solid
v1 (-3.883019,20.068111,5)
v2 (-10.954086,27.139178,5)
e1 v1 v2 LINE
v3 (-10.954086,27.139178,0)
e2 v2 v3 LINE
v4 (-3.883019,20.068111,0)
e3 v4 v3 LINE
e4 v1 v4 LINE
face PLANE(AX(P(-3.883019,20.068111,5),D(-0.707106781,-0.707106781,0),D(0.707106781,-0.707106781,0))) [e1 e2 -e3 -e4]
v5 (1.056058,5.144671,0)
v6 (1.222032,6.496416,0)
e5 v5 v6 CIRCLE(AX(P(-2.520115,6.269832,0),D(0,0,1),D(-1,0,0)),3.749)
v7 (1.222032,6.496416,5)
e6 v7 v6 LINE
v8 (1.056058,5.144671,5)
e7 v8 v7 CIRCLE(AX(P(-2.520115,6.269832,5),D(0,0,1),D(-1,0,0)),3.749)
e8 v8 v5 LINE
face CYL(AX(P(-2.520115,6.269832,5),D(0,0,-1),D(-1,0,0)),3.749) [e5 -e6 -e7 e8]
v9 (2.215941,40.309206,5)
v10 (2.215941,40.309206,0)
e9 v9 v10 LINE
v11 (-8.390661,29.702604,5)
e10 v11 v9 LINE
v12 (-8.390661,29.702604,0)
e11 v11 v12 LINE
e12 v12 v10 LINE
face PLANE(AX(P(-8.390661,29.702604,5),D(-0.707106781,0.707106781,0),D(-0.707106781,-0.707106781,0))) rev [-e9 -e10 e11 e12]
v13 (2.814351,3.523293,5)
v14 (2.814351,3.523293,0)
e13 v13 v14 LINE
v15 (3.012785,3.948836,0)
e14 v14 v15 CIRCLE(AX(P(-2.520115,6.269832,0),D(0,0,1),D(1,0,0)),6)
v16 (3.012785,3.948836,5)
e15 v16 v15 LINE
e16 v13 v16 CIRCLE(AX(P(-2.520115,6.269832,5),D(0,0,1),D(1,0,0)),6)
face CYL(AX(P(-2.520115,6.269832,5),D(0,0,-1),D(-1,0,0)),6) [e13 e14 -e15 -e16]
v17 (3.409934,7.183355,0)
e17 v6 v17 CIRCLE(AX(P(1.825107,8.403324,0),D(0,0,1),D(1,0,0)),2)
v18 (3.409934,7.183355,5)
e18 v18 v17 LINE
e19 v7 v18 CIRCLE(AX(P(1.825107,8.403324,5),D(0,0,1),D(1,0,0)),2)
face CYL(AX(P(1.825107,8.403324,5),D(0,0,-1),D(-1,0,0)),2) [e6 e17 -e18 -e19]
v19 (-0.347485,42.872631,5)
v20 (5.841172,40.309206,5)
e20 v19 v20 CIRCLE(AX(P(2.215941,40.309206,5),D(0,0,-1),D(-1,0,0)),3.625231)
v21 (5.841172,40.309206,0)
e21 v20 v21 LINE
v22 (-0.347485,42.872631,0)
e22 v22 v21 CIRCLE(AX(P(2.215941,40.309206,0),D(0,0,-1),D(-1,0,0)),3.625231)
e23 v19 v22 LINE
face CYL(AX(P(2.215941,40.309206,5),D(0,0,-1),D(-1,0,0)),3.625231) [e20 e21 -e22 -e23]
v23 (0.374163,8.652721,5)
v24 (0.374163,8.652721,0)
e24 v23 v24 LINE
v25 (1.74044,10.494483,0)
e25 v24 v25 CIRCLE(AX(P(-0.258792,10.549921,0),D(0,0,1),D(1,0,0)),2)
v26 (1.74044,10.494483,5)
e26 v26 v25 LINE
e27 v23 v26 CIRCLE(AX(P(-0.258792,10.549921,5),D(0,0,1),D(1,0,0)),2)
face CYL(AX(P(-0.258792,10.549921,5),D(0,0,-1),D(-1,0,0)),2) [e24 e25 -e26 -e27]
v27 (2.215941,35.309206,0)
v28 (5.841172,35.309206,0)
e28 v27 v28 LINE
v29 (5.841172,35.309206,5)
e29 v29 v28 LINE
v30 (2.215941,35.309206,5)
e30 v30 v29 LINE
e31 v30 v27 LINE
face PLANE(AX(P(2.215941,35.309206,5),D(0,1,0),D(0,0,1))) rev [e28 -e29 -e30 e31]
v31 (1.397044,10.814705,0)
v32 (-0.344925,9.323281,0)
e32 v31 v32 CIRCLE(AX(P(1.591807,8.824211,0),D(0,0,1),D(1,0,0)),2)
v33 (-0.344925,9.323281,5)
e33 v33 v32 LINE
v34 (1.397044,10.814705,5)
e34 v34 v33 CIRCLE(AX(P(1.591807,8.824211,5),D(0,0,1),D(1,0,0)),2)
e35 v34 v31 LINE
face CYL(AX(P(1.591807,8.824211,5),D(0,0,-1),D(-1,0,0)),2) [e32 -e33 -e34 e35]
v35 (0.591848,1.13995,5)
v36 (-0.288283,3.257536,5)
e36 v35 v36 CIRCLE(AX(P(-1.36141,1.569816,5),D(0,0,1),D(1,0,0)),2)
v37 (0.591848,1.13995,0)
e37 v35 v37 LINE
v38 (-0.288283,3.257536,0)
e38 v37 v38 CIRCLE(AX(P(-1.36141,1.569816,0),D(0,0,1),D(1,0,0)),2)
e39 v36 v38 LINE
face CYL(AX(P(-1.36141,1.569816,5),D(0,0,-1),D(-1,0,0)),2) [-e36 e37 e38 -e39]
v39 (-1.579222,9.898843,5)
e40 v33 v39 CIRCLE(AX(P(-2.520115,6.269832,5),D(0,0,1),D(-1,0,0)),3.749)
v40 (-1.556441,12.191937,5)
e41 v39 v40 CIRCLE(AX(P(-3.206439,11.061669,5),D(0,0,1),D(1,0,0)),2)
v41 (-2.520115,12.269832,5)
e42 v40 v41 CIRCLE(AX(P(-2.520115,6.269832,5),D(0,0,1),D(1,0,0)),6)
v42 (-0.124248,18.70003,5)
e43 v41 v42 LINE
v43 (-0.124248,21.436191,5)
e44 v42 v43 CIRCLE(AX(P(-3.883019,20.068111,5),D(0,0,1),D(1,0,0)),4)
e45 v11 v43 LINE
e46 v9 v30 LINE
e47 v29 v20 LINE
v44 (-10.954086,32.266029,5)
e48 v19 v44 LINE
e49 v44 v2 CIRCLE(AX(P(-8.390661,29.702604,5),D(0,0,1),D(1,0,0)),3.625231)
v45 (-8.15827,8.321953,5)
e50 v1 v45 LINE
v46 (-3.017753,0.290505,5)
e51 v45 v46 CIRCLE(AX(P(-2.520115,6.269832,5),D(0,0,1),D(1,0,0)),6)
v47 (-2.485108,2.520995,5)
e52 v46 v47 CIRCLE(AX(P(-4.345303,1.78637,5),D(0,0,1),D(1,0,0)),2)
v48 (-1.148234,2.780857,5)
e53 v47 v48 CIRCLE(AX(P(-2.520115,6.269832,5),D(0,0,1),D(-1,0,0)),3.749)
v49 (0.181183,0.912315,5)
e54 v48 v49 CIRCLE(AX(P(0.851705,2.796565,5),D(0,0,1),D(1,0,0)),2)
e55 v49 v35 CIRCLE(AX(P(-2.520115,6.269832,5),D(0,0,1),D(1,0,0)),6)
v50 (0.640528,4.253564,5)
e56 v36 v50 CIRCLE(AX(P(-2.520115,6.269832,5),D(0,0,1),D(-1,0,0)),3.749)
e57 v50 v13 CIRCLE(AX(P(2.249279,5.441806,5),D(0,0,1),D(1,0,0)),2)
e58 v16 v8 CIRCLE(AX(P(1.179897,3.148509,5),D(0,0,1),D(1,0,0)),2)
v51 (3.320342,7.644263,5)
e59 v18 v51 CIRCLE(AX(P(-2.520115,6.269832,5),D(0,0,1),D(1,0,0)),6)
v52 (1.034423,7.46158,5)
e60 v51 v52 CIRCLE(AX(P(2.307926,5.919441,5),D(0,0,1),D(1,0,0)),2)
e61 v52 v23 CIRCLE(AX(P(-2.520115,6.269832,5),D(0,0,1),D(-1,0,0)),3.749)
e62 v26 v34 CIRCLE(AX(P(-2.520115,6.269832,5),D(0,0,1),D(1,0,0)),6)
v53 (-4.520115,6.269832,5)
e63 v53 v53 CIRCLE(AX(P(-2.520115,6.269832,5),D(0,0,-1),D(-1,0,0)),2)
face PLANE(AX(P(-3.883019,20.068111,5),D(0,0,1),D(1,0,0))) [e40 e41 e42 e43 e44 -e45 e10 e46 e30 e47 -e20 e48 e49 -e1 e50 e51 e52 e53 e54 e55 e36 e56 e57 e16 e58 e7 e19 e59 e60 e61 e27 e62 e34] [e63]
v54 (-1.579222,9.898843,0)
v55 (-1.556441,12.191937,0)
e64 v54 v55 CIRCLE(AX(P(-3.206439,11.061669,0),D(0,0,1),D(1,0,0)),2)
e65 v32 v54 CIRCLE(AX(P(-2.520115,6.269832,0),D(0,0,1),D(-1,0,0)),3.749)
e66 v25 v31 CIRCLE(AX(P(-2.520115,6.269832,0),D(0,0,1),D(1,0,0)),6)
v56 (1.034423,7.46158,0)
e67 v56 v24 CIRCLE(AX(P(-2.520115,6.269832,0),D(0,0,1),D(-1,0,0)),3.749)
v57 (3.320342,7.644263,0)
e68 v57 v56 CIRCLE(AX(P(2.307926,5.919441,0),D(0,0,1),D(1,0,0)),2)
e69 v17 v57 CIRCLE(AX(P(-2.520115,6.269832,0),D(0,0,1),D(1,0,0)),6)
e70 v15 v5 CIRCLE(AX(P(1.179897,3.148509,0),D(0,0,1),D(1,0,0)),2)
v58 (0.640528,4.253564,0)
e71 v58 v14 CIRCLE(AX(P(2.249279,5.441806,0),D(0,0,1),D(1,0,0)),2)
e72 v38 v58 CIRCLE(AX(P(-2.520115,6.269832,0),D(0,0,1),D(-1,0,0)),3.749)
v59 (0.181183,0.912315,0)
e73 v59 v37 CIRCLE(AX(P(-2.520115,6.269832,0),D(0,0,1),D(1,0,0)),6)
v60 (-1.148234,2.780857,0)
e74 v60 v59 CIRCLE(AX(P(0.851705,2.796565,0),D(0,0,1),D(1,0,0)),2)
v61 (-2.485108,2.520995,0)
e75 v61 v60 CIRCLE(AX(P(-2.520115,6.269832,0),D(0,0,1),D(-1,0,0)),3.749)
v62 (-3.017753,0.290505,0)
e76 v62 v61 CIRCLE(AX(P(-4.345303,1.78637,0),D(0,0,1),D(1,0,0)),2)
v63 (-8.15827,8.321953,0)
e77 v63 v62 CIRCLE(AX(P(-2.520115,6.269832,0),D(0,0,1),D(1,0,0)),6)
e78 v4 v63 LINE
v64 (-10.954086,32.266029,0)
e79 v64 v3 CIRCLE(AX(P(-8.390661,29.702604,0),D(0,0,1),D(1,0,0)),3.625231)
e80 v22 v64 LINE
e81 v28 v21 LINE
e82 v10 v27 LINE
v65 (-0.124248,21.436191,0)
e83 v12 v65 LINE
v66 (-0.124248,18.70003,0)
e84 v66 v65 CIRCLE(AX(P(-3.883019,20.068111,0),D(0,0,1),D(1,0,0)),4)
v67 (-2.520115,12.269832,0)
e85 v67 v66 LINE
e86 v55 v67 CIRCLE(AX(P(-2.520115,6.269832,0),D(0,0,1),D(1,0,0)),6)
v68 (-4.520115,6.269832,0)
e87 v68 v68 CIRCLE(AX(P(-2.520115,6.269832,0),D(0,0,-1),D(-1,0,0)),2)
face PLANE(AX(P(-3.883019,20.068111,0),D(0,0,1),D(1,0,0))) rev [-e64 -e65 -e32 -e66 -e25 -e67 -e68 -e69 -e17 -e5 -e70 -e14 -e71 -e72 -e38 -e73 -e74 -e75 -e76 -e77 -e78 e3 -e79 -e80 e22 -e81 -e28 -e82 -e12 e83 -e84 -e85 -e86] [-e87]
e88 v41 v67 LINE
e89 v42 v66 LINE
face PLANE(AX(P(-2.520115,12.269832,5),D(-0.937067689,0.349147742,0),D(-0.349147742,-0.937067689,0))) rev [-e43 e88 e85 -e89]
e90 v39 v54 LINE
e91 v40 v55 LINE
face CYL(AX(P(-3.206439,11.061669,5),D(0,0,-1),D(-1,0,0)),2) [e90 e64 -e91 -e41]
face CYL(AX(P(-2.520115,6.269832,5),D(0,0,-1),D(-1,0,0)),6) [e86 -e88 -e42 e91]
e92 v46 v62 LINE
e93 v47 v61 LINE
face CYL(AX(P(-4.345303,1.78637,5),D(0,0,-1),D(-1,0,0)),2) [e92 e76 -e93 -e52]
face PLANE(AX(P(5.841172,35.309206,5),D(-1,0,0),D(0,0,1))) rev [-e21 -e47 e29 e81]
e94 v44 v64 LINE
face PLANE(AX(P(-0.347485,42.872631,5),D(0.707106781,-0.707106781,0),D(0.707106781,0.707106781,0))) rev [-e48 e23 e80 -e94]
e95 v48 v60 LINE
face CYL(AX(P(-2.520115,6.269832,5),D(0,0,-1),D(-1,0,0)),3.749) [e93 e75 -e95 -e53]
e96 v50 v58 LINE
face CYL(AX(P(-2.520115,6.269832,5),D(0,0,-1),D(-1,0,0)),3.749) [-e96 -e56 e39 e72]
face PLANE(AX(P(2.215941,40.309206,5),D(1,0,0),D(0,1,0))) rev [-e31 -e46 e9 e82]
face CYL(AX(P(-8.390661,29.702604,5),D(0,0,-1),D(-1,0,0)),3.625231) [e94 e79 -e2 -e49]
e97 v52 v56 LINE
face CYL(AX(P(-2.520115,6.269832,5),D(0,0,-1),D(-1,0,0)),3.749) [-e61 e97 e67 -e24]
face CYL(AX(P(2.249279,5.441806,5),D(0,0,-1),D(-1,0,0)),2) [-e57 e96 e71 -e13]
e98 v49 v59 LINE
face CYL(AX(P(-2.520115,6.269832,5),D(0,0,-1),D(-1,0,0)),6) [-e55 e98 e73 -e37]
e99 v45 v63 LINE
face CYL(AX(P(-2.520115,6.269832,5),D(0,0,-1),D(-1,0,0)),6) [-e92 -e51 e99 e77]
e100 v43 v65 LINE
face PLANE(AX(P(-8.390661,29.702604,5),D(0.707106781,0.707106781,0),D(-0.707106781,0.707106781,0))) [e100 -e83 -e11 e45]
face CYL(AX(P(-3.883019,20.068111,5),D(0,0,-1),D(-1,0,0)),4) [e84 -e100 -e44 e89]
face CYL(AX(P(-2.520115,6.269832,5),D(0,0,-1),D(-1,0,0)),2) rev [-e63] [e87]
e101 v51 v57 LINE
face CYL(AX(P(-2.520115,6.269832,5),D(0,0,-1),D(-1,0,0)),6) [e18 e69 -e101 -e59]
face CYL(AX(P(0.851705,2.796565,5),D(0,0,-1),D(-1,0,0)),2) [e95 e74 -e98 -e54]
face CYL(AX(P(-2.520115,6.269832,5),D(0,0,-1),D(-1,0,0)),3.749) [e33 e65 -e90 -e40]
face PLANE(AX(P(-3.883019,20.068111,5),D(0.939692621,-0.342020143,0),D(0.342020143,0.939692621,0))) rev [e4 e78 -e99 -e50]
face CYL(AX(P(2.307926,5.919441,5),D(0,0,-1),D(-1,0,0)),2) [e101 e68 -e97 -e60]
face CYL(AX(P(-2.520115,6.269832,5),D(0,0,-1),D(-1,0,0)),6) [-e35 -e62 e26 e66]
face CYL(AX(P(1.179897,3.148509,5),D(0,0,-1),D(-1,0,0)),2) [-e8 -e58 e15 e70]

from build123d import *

# Parameters (mm, degrees)
BOSS_EXTRUDE1_DEPTH = 5
CUT_EXTRUDE1_REACH  = 47.822
SKETCH1_4_R         = 2
CUT_EXTRUDE2_DEPTH  = 5
BOSS_EXTRUDE2_DEPTH = 5
SKETCH6_R           = 2
CUT_EXTRUDE3_DEPTH  = 5


with BuildPart() as part:
    # Sketch1 → Boss-Extrude1 (new body)
    with BuildSketch(Plane.XY):
        with BuildLine():
            Line((-2.520114714, 12.269831909), (-0.124248164, 18.700029955))
            ThreePointArc((-0.124248164, 18.700029955), (0.116981353, 20.068110528), (-0.124248164, 21.436191102))
            Line((-0.124248164, 21.436191102), (-8.39066093, 29.702603869))
            Line((-8.39066093, 29.702603869), (2.215940787, 40.309205586))
            Line((2.215940787, 40.309205586), (2.215940787, 35.309205586))
            Line((2.215940787, 35.309205586), (5.841171936, 35.309205586))
            Line((5.841171936, 35.309205586), (5.841171936, 40.309205586))
            ThreePointArc((5.841171936, 40.309205586), (3.603256686, 43.658482445), (-0.347484741, 42.872631115))
            Line((-0.347484741, 42.872631115), (-10.954086459, 32.266029397))
            ThreePointArc((-10.954086459, 32.266029397), (-12.015892078, 29.702603869), (-10.954086459, 27.13917834))
            Line((-10.954086459, 27.13917834), (-3.883018647, 20.068110528))
            Line((-3.883018647, 20.068110528), (-8.158270438, 8.321952769))
            ThreePointArc((-8.158270438, 8.321952769), (0.921343905, 1.354919643), (-2.520114714, 12.269831909))
        make_face()
    extrude(amount=BOSS_EXTRUDE1_DEPTH)

    # Sketch1<4> → Cut-Extrude1 (cut, up to next)
    with BuildSketch(Plane.XY, mode=Mode.PRIVATE) as cut_extrude1_sk1:
        with Locations((-2.520114714, 6.269831909)):
            Circle(SKETCH1_4_R)
    cut_extrude1_tool1 = extrude(cut_extrude1_sk1.sketch, amount=CUT_EXTRUDE1_REACH, mode=Mode.PRIVATE) & part.part
    add(cut_extrude1_tool1.solids().sort_by_distance((-2.520115, 6.269832, 0))[0], mode=Mode.SUBTRACT)

    # Sketch5 → Cut-Extrude2 (cut)
    with BuildSketch(Plane(origin=(0, 0, 0), x_dir=(-1, 0, 0), z_dir=(0, 0, -1))):
        with BuildLine():
            Line((2.022476226, 12.24915929), (2.209173599, 10.005914968))
            ThreePointArc((2.209173599, 10.005914968), (-1.215968345, 5.958890794), (2.831055828, 2.53374885))
            Line((2.831055828, 2.53374885), (3.017753201, 0.290504527))
            ThreePointArc((3.017753201, 0.290504527), (-3.459212668, 5.772193421), (2.022476226, 12.24915929))
        make_face()
    extrude(amount=-CUT_EXTRUDE2_DEPTH, mode=Mode.SUBTRACT)

    # Sketch3 → Boss-Extrude2 (add)
    with BuildSketch(Plane.XY):
        with BuildLine():
            ThreePointArc((3.320342305, 7.644263358), (2.148599503, 7.913084677), (1.034423028, 7.461579551))
            ThreePointArc((1.034423028, 7.461579551), (0.758834569, 8.087383175), (0.37416263, 8.65272084))
            ThreePointArc((0.37416263, 8.65272084), (1.347484271, 9.358334814), (1.740439947, 10.494482662))
            ThreePointArc((1.740439947, 10.494482662), (1.571875447, 10.657954118), (1.397043733, 10.814704811))
            ThreePointArc((1.397043733, 10.814704811), (0.291074687, 10.343452688), (-0.344924962, 9.323280867))
            ThreePointArc((-0.344924962, 9.323280867), (-0.93571885, 9.667579802), (-1.579222127, 9.898843088))
            ThreePointArc((-1.579222127, 9.898843088), (-1.206537867, 11.041800891), (-1.556440997, 12.191937359))
            ThreePointArc((-1.556440997, 12.191937359), (-1.788898653, 12.225108819), (-2.022476226, 12.24915929))
            ThreePointArc((-2.022476226, 12.24915929), (-2.640228932, 11.217836019), (-2.555121505, 10.018668465))
            ThreePointArc((-2.555121505, 10.018668465), (-3.235457637, 9.949952219), (-3.891995873, 9.758806412))
            ThreePointArc((-3.891995873, 9.758806412), (-4.262301713, 10.90253701), (-5.221412546, 11.627349059))
            ThreePointArc((-5.221412546, 11.627349059), (-5.428972435, 11.517550152), (-5.632077174, 11.399713939))
            ThreePointArc((-5.632077174, 11.399713939), (-5.525653002, 10.202249956), (-4.751946644, 9.282127916))
            ThreePointArc((-4.751946644, 9.282127916), (-5.261959741, 8.826643761), (-5.680757645, 8.286100061))
            ThreePointArc((-5.680757645, 8.286100061), (-6.65260934, 8.99373724), (-7.854580137, 9.016371303))
            ThreePointArc((-7.854580137, 9.016371303), (-7.957961436, 8.805541479), (-8.053014233, 8.590828011))
            ThreePointArc((-8.053014233, 8.590828011), (-7.2630636, 7.684613857), (-6.096287842, 7.394992676))
            ThreePointArc((-6.096287842, 7.394992676), (-6.241170236, 6.726720077), (-6.262261243, 6.043247807))
            ThreePointArc((-6.262261243, 6.043247807), (-7.464444479, 6.044498216), (-8.450163248, 5.35630885))
            ThreePointArc((-8.450163248, 5.35630885), (-8.409877814, 5.124977936), (-8.360571733, 4.895400459))
            ThreePointArc((-8.360571733, 4.895400459), (-7.18882893, 4.62657914), (-6.074652455, 5.078084267))
            ThreePointArc((-6.074652455, 5.078084267), (-5.799063996, 4.452280642), (-5.414392057, 3.886942978))
            ThreePointArc((-5.414392057, 3.886942978), (-6.387713698, 3.181329004), (-6.780669374, 2.045181156))
            ThreePointArc((-6.780669374, 2.045181156), (-6.612104874, 1.881709699), (-6.43727316, 1.724959006))
            ThreePointArc((-6.43727316, 1.724959006), (-5.331304114, 2.196211129), (-4.695304465, 3.21638295))
            ThreePointArc((-4.695304465, 3.21638295), (-4.104510577, 2.872084015), (-3.4610073, 2.640820729))
            ThreePointArc((-3.4610073, 2.640820729), (-3.83369156, 1.497862927), (-3.48378843, 0.347726458))
            ThreePointArc((-3.48378843, 0.347726458), (-3.251330774, 0.314554999), (-3.017753201, 0.290504527))
            ThreePointArc((-3.017753201, 0.290504527), (-2.400000495, 1.321827799), (-2.485107922, 2.520995353))
            ThreePointArc((-2.485107922, 2.520995353), (-1.80477179, 2.589711598), (-1.148233554, 2.780857406))
            ThreePointArc((-1.148233554, 2.780857406), (-0.777927714, 1.637126807), (0.181183119, 0.912314758))
            ThreePointArc((0.181183119, 0.912314758), (0.388743008, 1.022113666), (0.591847747, 1.139949878))
            ThreePointArc((0.591847747, 1.139949878), (0.485423575, 2.337413862), (-0.288282783, 3.257535901))
            ThreePointArc((-0.288282783, 3.257535901), (0.221730314, 3.713020057), (0.640528217, 4.253563756))
            ThreePointArc((0.640528217, 4.253563756), (1.612379913, 3.545926577), (2.81435071, 3.523292514))
            ThreePointArc((2.81435071, 3.523292514), (2.917732009, 3.734122338), (3.012784806, 3.948835807))
            ThreePointArc((3.012784806, 3.948835807), (2.222834173, 4.855049961), (1.056058415, 5.144671141))
            ThreePointArc((1.056058415, 5.144671141), (1.200940809, 5.81294374), (1.222031815, 6.496416011))
            ThreePointArc((1.222031815, 6.496416011), (2.424215051, 6.495165601), (3.409933821, 7.183354967))
            ThreePointArc((3.409933821, 7.183354967), (3.369648387, 7.414685881), (3.320342305, 7.644263358))
        make_face()
    extrude(amount=BOSS_EXTRUDE2_DEPTH)

    # Sketch6 → Cut-Extrude3 (cut)
    with BuildSketch(Plane(origin=(0, 0, 0), x_dir=(-1, 0, 0), z_dir=(0, 0, -1))):
        with Locations((2.520114714, 6.269831909)):
            Circle(SKETCH6_R)
    extrude(amount=-CUT_EXTRUDE3_DEPTH, mode=Mode.SUBTRACT)


solid = part.part
